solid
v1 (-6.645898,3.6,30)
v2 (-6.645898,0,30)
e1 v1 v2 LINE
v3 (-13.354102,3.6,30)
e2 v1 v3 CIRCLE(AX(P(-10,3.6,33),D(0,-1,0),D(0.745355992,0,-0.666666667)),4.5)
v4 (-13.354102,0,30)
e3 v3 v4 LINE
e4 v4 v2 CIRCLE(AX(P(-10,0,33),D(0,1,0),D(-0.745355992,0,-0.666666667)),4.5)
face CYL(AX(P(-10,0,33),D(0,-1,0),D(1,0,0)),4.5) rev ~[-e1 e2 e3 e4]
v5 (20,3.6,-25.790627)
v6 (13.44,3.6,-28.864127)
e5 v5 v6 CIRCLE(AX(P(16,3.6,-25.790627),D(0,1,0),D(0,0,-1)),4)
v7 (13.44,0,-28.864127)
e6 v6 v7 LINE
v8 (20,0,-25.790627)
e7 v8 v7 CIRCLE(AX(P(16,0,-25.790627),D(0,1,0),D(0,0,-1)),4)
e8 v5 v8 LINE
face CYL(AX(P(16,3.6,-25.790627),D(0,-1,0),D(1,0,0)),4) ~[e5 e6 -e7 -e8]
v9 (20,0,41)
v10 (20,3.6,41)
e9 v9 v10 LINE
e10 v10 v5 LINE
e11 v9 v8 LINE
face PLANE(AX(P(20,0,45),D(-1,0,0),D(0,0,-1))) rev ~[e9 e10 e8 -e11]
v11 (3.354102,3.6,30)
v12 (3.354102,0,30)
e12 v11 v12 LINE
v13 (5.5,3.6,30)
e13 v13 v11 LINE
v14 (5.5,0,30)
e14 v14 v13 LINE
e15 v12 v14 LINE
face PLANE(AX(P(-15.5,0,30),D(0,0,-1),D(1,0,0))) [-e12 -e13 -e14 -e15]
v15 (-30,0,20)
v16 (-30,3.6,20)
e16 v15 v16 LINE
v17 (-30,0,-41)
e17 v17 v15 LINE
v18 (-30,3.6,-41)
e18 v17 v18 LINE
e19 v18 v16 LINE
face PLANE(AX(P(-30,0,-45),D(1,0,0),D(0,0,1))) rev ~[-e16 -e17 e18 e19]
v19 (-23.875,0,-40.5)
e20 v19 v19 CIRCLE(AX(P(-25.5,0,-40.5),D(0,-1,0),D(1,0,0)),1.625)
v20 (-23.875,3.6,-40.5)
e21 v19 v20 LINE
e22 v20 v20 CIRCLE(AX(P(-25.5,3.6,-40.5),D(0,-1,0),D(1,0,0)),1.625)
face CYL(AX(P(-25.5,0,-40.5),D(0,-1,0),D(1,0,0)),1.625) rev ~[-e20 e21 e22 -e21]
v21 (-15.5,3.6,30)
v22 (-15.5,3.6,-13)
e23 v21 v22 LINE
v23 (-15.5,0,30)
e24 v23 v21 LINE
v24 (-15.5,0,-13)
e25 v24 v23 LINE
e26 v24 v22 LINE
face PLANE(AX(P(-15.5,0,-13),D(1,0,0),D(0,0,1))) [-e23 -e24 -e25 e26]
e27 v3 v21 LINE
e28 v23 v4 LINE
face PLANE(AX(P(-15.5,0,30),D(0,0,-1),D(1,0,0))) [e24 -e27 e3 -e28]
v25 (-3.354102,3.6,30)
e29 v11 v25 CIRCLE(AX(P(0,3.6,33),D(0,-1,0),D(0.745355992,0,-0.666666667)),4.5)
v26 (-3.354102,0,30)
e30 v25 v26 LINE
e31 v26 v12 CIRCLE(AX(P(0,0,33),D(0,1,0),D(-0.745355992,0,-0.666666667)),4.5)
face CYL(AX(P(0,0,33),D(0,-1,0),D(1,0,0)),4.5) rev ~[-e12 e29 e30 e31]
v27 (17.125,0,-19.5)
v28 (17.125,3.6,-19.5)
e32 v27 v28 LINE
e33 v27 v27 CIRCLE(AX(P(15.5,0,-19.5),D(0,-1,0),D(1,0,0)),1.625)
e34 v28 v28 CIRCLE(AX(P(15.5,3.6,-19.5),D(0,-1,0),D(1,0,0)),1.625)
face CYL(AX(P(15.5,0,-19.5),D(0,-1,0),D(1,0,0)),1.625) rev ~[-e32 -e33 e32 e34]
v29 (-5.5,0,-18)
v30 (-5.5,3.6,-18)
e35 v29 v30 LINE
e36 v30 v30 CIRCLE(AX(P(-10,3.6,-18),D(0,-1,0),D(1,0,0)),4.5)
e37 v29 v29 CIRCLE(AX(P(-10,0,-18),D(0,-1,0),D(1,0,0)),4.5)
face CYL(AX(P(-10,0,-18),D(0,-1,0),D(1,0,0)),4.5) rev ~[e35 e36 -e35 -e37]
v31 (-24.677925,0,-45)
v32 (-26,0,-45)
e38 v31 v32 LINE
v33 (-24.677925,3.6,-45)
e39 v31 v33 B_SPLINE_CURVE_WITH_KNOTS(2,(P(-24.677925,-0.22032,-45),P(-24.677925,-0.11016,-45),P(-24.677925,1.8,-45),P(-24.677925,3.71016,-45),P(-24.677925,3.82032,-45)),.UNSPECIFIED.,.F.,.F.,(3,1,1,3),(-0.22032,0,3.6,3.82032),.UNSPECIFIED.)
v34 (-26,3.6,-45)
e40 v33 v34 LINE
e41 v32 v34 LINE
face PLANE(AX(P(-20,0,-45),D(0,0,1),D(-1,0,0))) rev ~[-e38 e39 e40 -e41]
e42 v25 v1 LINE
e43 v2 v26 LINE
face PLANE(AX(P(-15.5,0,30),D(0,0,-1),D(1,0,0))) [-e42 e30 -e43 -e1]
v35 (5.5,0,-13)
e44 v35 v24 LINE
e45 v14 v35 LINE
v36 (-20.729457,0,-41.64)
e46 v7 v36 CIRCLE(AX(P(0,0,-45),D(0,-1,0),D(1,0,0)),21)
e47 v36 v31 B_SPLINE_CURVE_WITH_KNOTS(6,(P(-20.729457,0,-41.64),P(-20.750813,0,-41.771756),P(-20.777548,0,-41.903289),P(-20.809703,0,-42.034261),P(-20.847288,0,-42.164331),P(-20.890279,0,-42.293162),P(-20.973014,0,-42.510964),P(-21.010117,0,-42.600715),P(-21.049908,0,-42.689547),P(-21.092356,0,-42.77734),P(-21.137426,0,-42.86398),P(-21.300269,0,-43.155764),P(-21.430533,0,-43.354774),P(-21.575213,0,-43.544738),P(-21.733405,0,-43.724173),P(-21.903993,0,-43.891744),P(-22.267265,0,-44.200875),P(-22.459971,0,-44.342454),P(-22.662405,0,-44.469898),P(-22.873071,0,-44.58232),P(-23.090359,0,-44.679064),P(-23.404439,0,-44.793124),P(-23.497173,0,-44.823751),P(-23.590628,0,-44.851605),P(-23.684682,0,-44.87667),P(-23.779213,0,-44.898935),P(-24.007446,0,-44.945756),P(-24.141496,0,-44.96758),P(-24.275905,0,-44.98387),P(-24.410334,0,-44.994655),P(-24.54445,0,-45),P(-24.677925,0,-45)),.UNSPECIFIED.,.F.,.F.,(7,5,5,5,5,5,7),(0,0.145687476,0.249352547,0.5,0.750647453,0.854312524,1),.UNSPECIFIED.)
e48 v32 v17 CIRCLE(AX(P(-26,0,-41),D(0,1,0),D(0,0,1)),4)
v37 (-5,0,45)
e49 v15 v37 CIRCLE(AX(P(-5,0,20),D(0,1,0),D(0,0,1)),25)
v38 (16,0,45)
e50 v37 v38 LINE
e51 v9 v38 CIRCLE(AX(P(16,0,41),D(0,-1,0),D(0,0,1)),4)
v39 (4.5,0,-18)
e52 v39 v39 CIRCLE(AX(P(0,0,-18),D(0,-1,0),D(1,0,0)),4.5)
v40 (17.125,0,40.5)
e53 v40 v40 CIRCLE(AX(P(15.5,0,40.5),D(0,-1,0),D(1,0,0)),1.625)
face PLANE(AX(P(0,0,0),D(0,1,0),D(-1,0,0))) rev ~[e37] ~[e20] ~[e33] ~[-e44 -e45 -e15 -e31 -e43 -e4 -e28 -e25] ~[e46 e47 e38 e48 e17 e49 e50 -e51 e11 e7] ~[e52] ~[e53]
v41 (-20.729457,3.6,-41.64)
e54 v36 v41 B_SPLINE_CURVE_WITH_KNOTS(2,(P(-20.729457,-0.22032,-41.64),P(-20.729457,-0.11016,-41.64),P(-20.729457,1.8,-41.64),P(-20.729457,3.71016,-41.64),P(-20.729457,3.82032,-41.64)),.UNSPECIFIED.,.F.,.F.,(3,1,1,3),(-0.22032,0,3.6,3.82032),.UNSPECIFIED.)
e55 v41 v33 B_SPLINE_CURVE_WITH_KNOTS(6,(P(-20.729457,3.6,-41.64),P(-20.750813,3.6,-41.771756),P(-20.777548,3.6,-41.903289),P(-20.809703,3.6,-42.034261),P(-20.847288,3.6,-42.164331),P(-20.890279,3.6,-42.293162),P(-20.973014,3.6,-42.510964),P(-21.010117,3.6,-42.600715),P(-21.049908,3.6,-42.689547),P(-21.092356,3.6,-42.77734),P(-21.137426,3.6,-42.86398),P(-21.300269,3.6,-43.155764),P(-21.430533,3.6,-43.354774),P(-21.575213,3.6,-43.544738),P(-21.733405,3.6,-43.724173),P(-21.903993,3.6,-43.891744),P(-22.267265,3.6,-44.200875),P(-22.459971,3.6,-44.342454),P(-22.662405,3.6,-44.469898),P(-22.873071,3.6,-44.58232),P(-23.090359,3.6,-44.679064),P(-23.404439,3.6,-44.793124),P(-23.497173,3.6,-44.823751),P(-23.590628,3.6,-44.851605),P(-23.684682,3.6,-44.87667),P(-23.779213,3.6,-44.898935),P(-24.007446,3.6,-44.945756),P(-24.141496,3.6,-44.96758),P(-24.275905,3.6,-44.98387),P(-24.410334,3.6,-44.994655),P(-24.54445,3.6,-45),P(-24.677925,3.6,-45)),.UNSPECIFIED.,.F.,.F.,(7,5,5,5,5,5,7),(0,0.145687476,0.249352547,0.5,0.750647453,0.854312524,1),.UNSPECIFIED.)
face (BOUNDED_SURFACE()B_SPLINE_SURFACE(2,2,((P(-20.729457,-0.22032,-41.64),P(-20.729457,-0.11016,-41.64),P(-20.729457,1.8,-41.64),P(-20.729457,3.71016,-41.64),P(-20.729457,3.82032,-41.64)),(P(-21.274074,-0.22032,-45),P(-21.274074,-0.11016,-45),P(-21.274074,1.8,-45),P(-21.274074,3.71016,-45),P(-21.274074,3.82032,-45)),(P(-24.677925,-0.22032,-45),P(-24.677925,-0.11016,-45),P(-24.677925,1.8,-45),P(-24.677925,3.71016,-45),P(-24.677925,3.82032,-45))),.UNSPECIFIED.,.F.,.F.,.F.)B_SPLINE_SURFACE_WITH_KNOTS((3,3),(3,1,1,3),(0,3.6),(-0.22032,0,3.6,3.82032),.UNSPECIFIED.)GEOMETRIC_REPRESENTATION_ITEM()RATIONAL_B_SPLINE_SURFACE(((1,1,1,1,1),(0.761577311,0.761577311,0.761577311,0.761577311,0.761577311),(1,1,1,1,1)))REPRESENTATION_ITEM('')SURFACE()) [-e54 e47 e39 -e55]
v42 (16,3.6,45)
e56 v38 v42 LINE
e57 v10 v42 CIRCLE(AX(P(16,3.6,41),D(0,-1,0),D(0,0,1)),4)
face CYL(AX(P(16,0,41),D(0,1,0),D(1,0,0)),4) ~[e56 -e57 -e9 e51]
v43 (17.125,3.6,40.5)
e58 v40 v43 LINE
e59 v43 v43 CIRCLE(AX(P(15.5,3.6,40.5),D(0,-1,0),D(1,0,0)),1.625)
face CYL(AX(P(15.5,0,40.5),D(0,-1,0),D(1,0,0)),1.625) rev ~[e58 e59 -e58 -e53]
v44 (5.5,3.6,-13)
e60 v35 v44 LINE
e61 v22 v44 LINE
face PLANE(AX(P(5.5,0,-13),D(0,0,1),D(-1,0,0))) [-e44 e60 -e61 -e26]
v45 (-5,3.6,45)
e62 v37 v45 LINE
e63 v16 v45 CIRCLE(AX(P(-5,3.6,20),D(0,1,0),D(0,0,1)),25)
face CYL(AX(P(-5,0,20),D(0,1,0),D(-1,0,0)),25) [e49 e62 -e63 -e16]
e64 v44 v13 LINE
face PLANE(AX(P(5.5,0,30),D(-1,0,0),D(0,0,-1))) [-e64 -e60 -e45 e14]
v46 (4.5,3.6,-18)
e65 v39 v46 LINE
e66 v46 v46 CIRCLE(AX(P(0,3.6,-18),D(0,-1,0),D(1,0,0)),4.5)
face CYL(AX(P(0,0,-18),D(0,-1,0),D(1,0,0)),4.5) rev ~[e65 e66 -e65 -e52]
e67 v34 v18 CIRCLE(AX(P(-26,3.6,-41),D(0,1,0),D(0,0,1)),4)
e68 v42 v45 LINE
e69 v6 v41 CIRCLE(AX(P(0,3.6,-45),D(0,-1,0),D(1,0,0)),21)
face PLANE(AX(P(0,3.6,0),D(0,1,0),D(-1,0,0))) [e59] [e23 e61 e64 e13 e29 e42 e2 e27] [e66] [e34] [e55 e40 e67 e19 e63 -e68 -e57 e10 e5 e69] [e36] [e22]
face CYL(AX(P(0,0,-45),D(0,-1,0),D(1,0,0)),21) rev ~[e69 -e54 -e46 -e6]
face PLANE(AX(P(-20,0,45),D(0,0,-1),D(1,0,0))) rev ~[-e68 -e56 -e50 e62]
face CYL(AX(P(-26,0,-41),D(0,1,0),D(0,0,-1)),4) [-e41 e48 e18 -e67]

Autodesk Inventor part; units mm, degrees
ref_plane "YZ Plane" through (0, 0, 0) normal (1, 0, 0) x (0, 1, 0)
ref_plane "XZ Plane" through (0, 0, 0) normal (0, 1, 0) x (-1, 0, 0)
ref_plane "XY Plane" through (0, 0, 0) normal (0, 0, 1) x (1, 0, 0)
sketch "Sketch1" plane through (0, 0, 0) normal (0, 1, 0) x (-1, 0, 0)
  line L0 (20, 45) -> (-20, 45)
  line L1 (-20, 45) -> (-20, -45)
  line L2 (-20, -45) -> (20, -45)
  line L3 (20, -45) -> (20, 45)
  line L4 (20, 45) -> (-20, -45) construction
  line L5 (-20, 45) -> (20, -45) construction
  arc A0 (-20, -45) -> (20, -45) centre (0, -45) ccw
  line L6 (20, -45) -> (30, -45)
  line L7 (30, -45) -> (30, 45)
  line L8 (30, 45) -> (20, 45)
  line L9 (20, 45) -> (20, -45)
  point P0 (0, 0)
  dimension "d0" = 40
  dimension "d1" = 90
  dimension "d7" = 10
  dimension "d8" = 90
extrude "Extrusion1" add sketch "Sketch1" along normal blind 3.6
fillet "Fillet1" radius 4 3 edges at (-20, 1.8, -45) (-30, 1.8, -45) (20, 1.8, 45)
sketch "Sketch3" plane through (0, 0, 0) normal (0, -1, 0) x (1, 0, 0)
  circle A0 centre (0, -45) radius 21
  arc A1 (-19.7203, -48.3333) -> (20, -45) centre (0, -45) ccw projected
  point P0 (0, 0)
  dimension "d10" = 42
  dimension "d11" = 0
extrude "Extrusion3" cut sketch "Sketch3" against normal blind 10
fillet "Fillet2" radius 4 2 edges at (20, 1.8, -38.5969) (-20.9742, 1.8, -46.0397)
sketch "Sketch4" plane through (0, 0, 0) normal (0, -1, 0) x (1, 0, 0)
  circle A0 centre (-25.5, -40.5) radius 1.625
  line L0 (-24.6779, -45) -> (-26, -45) projected
  circle A1 centre (15.5, -19.5) radius 1.625
  circle A2 centre (15.5, 40.5) radius 1.625
  line L1 (20, 41) -> (20, -25.7906) projected
  arc A3 (13.44, -28.8641) -> (20, -25.7906) centre (16, -25.7906) ccw projected
  line L2 (-30, -41) -> (-30, 45) projected
  line L3 (-30, 45) -> (16, 45) projected
  point P0 (0, 0)
  point P1 (-30, 41)
  point P2 (-26, 45)
  dimension "d15" = 3.25
  dimension "d16" = 4.5
  dimension "d21" = 3.25
  dimension "d22" = 3.25
  dimension "d23" = 4.5
  dimension "d25" = 4.5
  dimension "d29" = 4.5
  dimension "d30" = 4.5
  dimension "d31" = 60
extrude "Extrusion4" cut sketch "Sketch4" against normal blind 7
sketch "Sketch5" plane through (0, 0, 0) normal (0, -1, 0) x (1, 0, 0)
  line L0 (-15.5, 30) -> (5.5, 30)
  line L1 (5.5, 30) -> (5.5, -13)
  line L2 (5.5, -13) -> (-15.5, -13)
  line L3 (-15.5, -13) -> (-15.5, 30)
  line L4 (-15.5, 30) -> (5.5, -13) construction
  line L5 (5.5, 30) -> (-15.5, -13) construction
  line L6 (-24.6779, -45) -> (-26, -45) projected
  line L7 (-30, -41) -> (-30, 45) projected
  point P0 (0, 0)
  point P1 (-5, 8.5)
  point P2 (-30, 41)
  dimension "d32" = 21
  dimension "d33" = 43
  dimension "d34" = 32
  dimension "d35" = 14.5
extrude "Extrusion5" cut sketch "Sketch5" against normal blind 10
sketch "Sketch6" plane through (0, 0, 0) normal (0, -1, 0) x (1, 0, 0)
  circle A0 centre (0, -18) radius 4.5
  circle A1 centre (0, 33) radius 4.5
  circle A2 centre (-10, -18) radius 4.5
  circle A3 centre (-10, 33) radius 4.5
  line L0 (5.5, 30) -> (5.5, -13) projected
  line L1 (5.5, -13) -> (-15.5, -13) projected
  point P0 (0, 0)
  dimension "d38" = 9
  dimension "d39" = 9
  dimension "d40" = 51
  dimension "d41" = 9
  dimension "d42" = 9
  dimension "d43" = 10
  dimension "d44" = 10
  dimension "d45" = 51
  dimension "d46" = 90
  dimension "d47" = 5.5
  dimension "d48" = 5
extrude "Extrusion6" cut sketch "Sketch6" against normal blind 10
fillet "Fillet3" radius 25 1 edges at (-30, 1.8, 45)
properties part number "p1"
